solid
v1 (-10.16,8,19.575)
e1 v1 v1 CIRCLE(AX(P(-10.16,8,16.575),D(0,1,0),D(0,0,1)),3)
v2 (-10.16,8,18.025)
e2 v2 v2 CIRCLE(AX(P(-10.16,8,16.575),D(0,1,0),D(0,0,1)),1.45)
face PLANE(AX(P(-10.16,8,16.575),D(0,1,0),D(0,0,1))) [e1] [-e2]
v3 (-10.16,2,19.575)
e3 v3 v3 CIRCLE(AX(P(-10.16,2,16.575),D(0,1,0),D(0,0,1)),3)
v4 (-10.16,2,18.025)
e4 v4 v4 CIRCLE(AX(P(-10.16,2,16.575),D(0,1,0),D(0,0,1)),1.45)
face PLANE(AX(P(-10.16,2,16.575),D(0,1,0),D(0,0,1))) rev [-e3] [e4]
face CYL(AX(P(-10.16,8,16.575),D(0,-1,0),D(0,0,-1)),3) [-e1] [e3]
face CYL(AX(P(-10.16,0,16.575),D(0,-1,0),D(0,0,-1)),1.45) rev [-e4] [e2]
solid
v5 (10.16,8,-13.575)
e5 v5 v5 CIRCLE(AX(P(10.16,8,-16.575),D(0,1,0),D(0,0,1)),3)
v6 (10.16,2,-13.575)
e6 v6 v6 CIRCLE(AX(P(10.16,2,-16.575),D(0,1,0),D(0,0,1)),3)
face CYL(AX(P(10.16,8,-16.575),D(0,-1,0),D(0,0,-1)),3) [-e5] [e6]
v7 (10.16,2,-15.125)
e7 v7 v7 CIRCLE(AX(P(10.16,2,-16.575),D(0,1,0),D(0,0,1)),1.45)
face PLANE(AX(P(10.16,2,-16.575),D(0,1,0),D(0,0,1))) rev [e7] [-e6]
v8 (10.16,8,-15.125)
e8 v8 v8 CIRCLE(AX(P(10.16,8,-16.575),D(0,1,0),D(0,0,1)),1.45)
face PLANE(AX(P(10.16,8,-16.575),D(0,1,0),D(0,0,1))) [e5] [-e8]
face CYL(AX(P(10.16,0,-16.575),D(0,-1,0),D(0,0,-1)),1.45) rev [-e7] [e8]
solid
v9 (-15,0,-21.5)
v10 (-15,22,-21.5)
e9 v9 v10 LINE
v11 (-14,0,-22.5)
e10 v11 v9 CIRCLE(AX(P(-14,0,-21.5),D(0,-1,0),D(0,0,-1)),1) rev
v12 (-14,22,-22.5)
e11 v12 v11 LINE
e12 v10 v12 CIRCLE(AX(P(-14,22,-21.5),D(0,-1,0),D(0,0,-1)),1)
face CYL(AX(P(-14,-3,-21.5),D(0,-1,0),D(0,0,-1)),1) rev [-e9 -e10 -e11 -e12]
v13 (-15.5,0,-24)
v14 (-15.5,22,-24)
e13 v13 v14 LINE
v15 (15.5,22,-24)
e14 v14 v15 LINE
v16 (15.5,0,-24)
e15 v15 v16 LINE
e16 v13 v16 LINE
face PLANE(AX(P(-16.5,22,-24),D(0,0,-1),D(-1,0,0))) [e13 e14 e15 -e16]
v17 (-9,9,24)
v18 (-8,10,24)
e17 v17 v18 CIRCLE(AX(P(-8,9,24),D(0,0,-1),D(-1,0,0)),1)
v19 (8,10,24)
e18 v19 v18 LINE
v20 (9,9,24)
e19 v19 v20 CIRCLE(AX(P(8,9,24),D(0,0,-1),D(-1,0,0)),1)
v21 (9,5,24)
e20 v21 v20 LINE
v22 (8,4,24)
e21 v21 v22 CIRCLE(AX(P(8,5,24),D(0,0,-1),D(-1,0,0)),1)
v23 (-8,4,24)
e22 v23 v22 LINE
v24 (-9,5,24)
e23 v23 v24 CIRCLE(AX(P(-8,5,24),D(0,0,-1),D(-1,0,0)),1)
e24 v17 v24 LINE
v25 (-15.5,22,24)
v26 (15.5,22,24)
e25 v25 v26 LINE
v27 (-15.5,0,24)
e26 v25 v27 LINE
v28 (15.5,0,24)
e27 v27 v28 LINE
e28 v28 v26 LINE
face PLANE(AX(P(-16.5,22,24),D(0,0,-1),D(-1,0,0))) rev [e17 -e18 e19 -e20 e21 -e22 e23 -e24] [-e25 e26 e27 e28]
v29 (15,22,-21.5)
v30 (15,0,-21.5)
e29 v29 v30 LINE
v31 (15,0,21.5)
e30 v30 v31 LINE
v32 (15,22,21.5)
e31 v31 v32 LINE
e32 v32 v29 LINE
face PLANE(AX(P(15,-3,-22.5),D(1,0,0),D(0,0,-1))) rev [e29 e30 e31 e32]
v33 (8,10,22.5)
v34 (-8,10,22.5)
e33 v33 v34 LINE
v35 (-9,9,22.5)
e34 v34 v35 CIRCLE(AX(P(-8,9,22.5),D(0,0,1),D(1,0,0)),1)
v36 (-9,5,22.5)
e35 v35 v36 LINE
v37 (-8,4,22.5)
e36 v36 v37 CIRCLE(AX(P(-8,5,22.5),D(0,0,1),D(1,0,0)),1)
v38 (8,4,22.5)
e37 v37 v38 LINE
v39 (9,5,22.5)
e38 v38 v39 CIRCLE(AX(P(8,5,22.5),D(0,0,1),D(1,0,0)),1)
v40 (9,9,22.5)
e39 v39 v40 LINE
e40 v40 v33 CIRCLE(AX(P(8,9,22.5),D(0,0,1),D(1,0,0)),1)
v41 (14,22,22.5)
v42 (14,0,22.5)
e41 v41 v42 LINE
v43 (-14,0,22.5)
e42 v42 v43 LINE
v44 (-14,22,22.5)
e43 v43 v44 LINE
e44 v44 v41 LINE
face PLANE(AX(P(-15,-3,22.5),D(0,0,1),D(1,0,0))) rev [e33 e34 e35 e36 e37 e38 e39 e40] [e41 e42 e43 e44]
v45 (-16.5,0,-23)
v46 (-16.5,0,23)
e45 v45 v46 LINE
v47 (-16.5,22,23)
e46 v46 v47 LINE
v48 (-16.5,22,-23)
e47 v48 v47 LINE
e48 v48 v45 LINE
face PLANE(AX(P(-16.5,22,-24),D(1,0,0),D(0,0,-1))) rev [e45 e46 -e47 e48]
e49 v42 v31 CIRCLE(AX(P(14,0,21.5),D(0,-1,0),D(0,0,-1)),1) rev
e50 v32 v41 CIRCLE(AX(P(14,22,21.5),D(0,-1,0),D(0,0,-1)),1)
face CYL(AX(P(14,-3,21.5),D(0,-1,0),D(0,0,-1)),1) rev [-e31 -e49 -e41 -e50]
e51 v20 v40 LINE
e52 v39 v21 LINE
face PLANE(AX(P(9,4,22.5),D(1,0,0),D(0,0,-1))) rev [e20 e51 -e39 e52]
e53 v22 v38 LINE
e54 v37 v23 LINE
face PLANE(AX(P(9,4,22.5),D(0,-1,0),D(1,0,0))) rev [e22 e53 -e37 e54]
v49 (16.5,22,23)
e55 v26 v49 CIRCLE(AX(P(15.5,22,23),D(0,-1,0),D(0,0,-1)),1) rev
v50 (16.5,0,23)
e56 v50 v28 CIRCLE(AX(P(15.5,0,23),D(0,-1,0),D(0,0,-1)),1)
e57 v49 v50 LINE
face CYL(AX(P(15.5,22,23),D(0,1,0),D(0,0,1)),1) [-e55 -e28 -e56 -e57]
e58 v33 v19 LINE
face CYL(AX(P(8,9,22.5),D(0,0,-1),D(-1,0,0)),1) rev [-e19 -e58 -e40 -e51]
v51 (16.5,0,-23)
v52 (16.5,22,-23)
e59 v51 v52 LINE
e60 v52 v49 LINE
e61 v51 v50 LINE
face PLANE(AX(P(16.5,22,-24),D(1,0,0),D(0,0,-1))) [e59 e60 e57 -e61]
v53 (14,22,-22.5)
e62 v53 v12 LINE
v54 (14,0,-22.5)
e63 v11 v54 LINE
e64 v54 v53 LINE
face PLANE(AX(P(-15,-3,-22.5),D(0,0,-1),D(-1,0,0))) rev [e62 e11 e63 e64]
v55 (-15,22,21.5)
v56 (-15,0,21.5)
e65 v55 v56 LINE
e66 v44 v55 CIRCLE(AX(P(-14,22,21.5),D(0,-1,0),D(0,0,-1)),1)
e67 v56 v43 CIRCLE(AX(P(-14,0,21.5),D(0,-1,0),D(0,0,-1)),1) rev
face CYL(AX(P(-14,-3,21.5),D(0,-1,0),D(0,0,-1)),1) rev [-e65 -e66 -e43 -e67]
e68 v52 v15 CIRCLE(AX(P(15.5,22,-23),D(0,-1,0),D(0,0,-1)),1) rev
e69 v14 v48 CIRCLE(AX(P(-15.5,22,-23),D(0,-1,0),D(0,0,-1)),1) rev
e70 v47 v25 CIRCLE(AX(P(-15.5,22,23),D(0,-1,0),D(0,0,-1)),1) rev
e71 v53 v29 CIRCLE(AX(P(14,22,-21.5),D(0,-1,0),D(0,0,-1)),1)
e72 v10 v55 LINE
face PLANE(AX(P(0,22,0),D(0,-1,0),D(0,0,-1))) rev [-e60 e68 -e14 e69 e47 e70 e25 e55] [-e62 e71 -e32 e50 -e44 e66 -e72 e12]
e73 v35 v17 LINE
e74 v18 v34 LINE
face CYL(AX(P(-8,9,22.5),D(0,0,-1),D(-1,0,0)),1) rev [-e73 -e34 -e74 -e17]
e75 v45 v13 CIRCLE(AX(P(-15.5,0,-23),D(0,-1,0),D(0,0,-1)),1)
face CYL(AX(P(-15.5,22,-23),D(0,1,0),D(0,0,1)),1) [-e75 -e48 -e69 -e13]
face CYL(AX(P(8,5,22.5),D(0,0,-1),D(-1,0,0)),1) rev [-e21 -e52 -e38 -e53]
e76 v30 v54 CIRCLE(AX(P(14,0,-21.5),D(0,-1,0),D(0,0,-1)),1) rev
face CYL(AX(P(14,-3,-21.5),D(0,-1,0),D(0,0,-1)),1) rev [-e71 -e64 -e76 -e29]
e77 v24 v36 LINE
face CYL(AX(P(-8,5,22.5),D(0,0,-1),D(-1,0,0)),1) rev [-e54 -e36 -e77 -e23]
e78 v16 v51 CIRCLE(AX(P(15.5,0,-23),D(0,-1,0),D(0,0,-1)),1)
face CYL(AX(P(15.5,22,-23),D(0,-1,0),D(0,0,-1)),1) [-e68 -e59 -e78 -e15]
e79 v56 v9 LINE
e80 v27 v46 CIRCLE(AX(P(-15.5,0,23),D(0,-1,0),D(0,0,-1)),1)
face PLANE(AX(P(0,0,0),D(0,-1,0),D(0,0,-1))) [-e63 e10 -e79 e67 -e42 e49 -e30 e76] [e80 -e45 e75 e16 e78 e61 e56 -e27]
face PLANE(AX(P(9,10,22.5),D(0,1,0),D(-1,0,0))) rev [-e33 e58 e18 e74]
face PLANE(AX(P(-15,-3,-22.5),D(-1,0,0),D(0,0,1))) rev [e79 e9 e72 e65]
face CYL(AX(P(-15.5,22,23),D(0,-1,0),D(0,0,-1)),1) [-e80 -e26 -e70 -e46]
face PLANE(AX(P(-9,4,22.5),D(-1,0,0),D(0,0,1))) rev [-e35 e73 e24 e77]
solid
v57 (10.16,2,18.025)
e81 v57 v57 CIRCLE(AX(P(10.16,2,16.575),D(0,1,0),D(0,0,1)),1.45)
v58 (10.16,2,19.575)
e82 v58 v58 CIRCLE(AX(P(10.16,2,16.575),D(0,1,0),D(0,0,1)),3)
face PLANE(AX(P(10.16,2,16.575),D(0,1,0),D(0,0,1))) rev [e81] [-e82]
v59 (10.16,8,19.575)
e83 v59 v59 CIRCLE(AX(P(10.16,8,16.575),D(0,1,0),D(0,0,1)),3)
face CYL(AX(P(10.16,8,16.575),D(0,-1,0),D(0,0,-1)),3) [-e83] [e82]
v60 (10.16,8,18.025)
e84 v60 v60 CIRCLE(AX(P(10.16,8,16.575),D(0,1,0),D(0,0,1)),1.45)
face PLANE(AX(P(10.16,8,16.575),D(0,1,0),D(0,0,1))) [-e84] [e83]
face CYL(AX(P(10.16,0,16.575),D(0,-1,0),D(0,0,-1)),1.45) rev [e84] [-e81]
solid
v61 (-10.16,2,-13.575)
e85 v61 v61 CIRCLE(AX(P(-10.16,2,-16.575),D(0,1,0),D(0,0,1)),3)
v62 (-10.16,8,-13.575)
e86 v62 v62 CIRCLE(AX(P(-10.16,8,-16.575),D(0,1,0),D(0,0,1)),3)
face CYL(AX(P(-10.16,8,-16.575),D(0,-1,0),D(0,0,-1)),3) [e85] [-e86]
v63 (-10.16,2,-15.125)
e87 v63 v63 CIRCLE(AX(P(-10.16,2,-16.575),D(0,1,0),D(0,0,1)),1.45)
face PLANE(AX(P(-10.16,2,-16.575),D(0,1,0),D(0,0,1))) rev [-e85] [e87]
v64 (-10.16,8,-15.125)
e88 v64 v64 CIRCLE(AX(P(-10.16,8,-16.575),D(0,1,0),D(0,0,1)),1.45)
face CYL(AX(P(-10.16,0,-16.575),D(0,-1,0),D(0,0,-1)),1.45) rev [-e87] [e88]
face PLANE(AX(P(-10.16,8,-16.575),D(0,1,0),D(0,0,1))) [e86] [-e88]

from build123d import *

# Parameters (mm, degrees)
SKETCH1_W                                      = 33
SKETCH1_H                                      = 48
BOSS_EXTRUDE1_DEPTH                            = 22
SKETCH2_W                                      = 30
SKETCH2_H                                      = 45
CUT_EXTRUDE1_DEPTH                             = 25
SKETCH4_R                                      = 3
BOSS_EXTRUDE5_DEPTH                            = 6
BOSS_EXTRUDE5_2_DEPTH                          = 6
BOSS_EXTRUDE5_3_DEPTH                          = 6
BOSS_EXTRUDE5_4_DEPTH                          = 6
SKETCH11_W                                     = 18
SKETCH11_H                                     = 6
CUT_EXTRUDE5_DEPTH                             = 1.5
FILLET5_R                                      = 1
CSK_FOR_M2_5_FLAT_HEAD_MACHINE_SCREW1_AT_COUNT = 2
CSK_FOR_M2_5_FLAT_HEAD_MACHINE_SCREW1_AT_PITCH = 20.32
CSK_FOR_M2_5_FLAT_HEAD_MACHINE_SCREW_2_COUNT   = 2
CSK_FOR_M2_5_FLAT_HEAD_MACHINE_SCREW_2_PITCH   = 38.882192582
CSK_FOR_M2_5_FLAT_HEAD_MACHINE_SCREW_3_COUNT   = 2
CSK_FOR_M2_5_FLAT_HEAD_MACHINE_SCREW_3_PITCH   = 33.15
FILLET6_R                                      = 1


with BuildPart() as part:
    # Sketch1 → Boss-Extrude1 (new body)
    with BuildSketch(Plane(origin=(0, 0, 0), x_dir=(1, 0, 0), z_dir=(0, 1, 0))):
        Rectangle(SKETCH1_W, SKETCH1_H)
    extrude(amount=BOSS_EXTRUDE1_DEPTH)

    # Sketch2 → Cut-Extrude1 (cut)
    with BuildSketch(Plane(origin=(0, 22, 0), x_dir=(1, 0, 0), z_dir=(0, 1, 0))):
        Rectangle(SKETCH2_W, SKETCH2_H)
    extrude(amount=-CUT_EXTRUDE1_DEPTH, mode=Mode.SUBTRACT)

    # Sketch11 → Cut-Extrude5 (cut)
    with BuildSketch(Plane.XY.offset(24)):
        with Locations((0, 7)):
            Rectangle(SKETCH11_W, SKETCH11_H)
    extrude(amount=-CUT_EXTRUDE5_DEPTH, mode=Mode.SUBTRACT)

    # Fillet5
    fillet5_edges = [part.edges().sort_by_distance(p)[0] for p in [
        (15, 11, -22.5),
        (15, 11, 22.5),
        (-15, 11, 22.5),
        (-15, 11, -22.5),
        (-16.5, 11, -24),
        (-16.5, 11, 24),
        (16.5, 11, 24),
        (16.5, 11, -24),
    ]]
    fillet(fillet5_edges, radius=FILLET5_R)

    # Fillet6
    fillet6_edges = [part.edges().sort_by_distance(p)[0] for p in [
        (9, 10, 23.25),
        (9, 4, 23.25),
        (-9, 4, 23.25),
        (-9, 10, 23.25),
    ]]
    fillet(fillet6_edges, radius=FILLET6_R)


with BuildPart() as body_2:
    # Sketch4 → Boss-Extrude5 (new body)
    with BuildSketch(Plane(origin=(0, 2, 0), x_dir=(1, 0, 0), z_dir=(0, 1, 0))):
        with Locations((-10.16, 16.575)):
            Circle(SKETCH4_R)
    extrude(amount=BOSS_EXTRUDE5_DEPTH)


with BuildPart() as body_3:
    # Sketch4 → Boss-Extrude5 2 (new body)
    with BuildSketch(Plane(origin=(0, 2, 0), x_dir=(1, 0, 0), z_dir=(0, 1, 0))):
        with Locations((10.16, -16.575)):
            Circle(SKETCH4_R)
    extrude(amount=BOSS_EXTRUDE5_2_DEPTH)


with BuildPart() as body_4:
    # Sketch4 → Boss-Extrude5 3 (new body)
    with BuildSketch(Plane(origin=(0, 2, 0), x_dir=(1, 0, 0), z_dir=(0, 1, 0))):
        with Locations((10.16, 16.575)):
            Circle(SKETCH4_R)
    extrude(amount=BOSS_EXTRUDE5_3_DEPTH)


with BuildPart() as body_5:
    # Sketch4 → Boss-Extrude5 4 (new body)
    with BuildSketch(Plane(origin=(0, 2, 0), x_dir=(1, 0, 0), z_dir=(0, 1, 0))):
        with Locations((-10.16, -16.575)):
            Circle(SKETCH4_R)
    extrude(amount=BOSS_EXTRUDE5_4_DEPTH)

    # Sketch13 → CSK for M2.5 Flat Head Machine Screw1 (revolve, cut)
    with BuildSketch(Plane(origin=(-10.16, 0, 16.575), x_dir=(0, 0, -1), z_dir=(1, 0, 0))):
        Polygon((0, 0), (0, 22), (1.45, 22), (1.45, 1.3), (2.75, 0), align=None)
    csk_for_m2_5_flat_head_machine_screw1 = revolve(axis=Axis((-10.16, -6.35, 16.575), (0, 1, 0)), mode=Mode.SUBTRACT)


with BuildPart() as body_3_1:
    add(body_3.part)

    # CSK for M2.5 Flat Head Machine Screw1 at: CSK for M2.5 Flat Head Machine Screw1 ×2
    with Locations(*[(i * CSK_FOR_M2_5_FLAT_HEAD_MACHINE_SCREW1_AT_PITCH, 0, 0) for i in range(1, CSK_FOR_M2_5_FLAT_HEAD_MACHINE_SCREW1_AT_COUNT)]):
        add(csk_for_m2_5_flat_head_machine_screw1, mode=Mode.SUBTRACT)


with BuildPart() as body_4_1:
    add(body_4.part)

    # CSK for M2.5 Flat Head Machine Screw 2: CSK for M2.5 Flat Head Machine Screw1 ×2
    with Locations(*[Vector(0.522604273, 0, -0.852575377) * (i * CSK_FOR_M2_5_FLAT_HEAD_MACHINE_SCREW_2_PITCH) for i in range(1, CSK_FOR_M2_5_FLAT_HEAD_MACHINE_SCREW_2_COUNT)]):
        add(csk_for_m2_5_flat_head_machine_screw1, mode=Mode.SUBTRACT)


with BuildPart() as body_2_1:
    add(body_2.part)

    # CSK for M2.5 Flat Head Machine Screw 3: CSK for M2.5 Flat Head Machine Screw1 ×2
    with Locations(*[(0, 0, -i * CSK_FOR_M2_5_FLAT_HEAD_MACHINE_SCREW_3_PITCH) for i in range(1, CSK_FOR_M2_5_FLAT_HEAD_MACHINE_SCREW_3_COUNT)]):
        add(csk_for_m2_5_flat_head_machine_screw1, mode=Mode.SUBTRACT)


solid = Compound([part.part, body_5.part, body_3_1.part, body_4_1.part, body_2_1.part])
